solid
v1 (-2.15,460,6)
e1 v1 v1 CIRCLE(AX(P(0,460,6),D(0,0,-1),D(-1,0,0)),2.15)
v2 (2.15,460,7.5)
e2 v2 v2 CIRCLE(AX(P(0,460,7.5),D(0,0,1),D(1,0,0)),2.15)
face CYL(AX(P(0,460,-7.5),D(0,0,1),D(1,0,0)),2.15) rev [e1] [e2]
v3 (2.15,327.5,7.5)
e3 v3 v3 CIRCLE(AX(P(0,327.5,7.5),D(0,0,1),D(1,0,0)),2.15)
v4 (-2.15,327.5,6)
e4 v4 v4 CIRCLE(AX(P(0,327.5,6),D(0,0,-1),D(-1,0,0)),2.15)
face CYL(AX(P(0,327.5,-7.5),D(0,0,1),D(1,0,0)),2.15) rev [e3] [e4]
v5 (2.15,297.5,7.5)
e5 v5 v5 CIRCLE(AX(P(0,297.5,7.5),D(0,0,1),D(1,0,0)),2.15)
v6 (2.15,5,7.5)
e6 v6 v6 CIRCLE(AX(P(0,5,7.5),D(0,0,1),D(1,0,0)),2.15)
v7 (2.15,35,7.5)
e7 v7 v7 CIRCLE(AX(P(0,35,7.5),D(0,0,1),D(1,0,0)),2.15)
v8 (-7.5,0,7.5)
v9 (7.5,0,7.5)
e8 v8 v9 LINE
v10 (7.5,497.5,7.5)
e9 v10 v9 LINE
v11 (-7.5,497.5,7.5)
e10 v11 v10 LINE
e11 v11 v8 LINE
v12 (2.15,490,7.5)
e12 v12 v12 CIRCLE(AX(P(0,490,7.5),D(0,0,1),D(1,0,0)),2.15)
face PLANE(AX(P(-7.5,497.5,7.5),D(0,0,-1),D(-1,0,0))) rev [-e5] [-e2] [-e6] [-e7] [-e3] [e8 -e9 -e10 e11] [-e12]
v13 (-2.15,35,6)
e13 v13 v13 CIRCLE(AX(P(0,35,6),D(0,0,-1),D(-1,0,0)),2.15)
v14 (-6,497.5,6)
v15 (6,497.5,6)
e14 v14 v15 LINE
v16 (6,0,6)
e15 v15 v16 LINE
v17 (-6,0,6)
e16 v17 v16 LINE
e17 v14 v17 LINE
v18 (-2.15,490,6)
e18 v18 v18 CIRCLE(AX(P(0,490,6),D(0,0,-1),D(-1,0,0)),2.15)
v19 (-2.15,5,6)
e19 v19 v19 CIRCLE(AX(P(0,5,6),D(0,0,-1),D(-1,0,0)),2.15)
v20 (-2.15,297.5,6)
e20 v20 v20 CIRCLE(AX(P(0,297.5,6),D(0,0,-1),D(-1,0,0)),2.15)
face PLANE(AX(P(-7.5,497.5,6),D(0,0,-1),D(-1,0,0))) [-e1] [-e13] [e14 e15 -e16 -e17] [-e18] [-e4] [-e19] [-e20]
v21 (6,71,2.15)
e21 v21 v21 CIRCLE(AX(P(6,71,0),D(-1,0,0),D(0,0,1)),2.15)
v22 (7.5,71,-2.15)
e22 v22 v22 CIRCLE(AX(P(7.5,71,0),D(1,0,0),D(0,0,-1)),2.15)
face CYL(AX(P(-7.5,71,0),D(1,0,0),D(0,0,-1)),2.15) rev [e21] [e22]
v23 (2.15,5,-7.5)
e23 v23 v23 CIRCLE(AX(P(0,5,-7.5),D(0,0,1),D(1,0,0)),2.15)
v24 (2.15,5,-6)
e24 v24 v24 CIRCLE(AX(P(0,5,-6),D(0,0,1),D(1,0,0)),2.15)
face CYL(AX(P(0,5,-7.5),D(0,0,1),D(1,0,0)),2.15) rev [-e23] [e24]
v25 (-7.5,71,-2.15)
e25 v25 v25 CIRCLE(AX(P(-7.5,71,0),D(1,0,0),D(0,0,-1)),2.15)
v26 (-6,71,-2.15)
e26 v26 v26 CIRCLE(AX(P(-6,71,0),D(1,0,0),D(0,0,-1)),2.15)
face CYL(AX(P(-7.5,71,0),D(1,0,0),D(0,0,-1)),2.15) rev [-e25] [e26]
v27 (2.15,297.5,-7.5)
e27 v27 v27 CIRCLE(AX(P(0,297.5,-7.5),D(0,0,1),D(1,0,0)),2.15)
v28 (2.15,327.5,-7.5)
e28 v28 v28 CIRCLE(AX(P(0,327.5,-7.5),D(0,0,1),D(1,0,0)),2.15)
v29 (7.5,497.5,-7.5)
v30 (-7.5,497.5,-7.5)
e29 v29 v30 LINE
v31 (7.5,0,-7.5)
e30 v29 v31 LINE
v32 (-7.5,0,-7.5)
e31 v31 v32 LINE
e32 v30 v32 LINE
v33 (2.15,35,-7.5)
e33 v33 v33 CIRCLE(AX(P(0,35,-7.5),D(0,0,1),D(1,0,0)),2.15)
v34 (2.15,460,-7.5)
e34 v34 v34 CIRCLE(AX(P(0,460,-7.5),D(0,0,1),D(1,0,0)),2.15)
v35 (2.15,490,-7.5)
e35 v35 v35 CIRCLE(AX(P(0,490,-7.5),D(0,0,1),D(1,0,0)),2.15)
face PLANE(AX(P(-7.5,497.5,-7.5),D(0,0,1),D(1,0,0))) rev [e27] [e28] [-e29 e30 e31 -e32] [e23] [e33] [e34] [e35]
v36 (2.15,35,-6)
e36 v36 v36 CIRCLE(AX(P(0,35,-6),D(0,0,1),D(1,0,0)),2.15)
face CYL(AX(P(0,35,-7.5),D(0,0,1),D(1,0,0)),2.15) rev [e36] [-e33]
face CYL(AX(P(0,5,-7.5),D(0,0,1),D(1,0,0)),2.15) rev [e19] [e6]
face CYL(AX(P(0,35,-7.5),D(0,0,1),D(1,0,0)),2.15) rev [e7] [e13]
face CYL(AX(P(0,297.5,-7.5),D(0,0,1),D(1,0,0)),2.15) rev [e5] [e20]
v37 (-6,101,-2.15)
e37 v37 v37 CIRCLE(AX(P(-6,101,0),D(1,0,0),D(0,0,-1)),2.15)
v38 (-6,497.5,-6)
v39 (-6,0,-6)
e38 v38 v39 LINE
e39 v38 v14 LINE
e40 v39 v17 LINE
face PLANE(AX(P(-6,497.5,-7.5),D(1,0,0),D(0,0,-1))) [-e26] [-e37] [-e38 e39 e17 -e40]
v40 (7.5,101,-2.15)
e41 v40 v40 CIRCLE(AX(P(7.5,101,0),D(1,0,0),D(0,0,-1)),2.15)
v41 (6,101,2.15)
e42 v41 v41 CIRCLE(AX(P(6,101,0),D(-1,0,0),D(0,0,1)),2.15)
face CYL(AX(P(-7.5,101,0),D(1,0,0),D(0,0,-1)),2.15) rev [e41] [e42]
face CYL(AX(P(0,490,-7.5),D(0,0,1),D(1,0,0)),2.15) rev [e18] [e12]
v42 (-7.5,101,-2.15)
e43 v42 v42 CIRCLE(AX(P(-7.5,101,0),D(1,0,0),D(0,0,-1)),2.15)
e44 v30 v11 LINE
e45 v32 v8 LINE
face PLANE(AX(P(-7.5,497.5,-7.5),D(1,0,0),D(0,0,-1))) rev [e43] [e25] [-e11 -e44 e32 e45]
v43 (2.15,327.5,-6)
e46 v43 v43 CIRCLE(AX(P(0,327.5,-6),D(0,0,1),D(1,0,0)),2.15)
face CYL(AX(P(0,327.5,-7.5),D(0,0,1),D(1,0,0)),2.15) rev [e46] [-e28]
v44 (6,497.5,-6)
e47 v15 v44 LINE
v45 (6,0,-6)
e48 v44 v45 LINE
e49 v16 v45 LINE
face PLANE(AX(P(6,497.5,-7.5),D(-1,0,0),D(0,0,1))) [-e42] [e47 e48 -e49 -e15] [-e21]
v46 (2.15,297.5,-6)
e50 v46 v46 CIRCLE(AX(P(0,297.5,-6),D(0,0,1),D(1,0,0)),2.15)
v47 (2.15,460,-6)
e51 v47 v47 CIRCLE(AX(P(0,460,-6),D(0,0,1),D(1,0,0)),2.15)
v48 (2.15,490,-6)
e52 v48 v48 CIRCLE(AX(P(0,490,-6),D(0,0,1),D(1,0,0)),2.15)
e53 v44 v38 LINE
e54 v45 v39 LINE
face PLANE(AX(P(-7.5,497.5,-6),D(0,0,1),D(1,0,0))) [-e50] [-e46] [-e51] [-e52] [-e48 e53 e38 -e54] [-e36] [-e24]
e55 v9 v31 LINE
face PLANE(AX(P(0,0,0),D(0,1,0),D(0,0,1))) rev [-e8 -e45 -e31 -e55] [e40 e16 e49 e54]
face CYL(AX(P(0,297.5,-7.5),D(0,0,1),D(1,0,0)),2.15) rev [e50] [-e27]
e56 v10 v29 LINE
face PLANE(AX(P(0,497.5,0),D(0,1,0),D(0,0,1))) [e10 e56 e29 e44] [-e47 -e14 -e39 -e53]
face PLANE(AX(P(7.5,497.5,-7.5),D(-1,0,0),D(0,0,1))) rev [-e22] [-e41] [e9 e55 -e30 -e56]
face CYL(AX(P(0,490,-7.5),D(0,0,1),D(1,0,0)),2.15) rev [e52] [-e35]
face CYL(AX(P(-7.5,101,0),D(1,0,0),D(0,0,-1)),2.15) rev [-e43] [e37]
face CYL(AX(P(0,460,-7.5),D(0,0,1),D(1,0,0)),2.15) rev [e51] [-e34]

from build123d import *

# Parameters (mm, degrees)
SKETCH_1_W          = 15
SKETCH_1_H          = 15
SKETCH_1_W_2        = 12
SKETCH_1_H_2        = 12
EXTRUDE_1_DEPTH     = 497.5
SKETCH_2_R          = 2.15
CUT_EXTRUDE_1_DEPTH = 498.782583062
SKETCH_3_R          = 2.15
CUT_EXTRUDE_2_DEPTH = 498.782583062


with BuildPart() as part:
    # ｽｹｯﾁ1 → 押し出し-薄板1 (new body)
    with BuildSketch(Plane(origin=(0, 0, 0), x_dir=(1, 0, 0), z_dir=(0, 1, 0))):
        Rectangle(SKETCH_1_W, SKETCH_1_H)
        Rectangle(SKETCH_1_W_2, SKETCH_1_H_2, mode=Mode.SUBTRACT)
    extrude(amount=EXTRUDE_1_DEPTH)

    # ｽｹｯﾁ2 → ｶｯﾄ - 押し出し1 (cut, through all)
    with BuildSketch(Plane(origin=(7.5, 0, 0), x_dir=(0, 0, -1), z_dir=(1, 0, 0))):
        with Locations((0, 71)):
            Circle(SKETCH_2_R)
        with Locations((0, 101)):
            Circle(SKETCH_2_R)
    extrude(amount=-CUT_EXTRUDE_1_DEPTH, mode=Mode.SUBTRACT)

    # ｽｹｯﾁ3 → ｶｯﾄ - 押し出し2 (cut, through all)
    with BuildSketch(Plane.XY.offset(7.5)):
        with Locations((0, 35)):
            Circle(SKETCH_3_R)
        with Locations((0, 5)):
            Circle(SKETCH_3_R)
        with Locations((0, 297.5)):
            Circle(SKETCH_3_R)
        with Locations((0, 327.5)):
            Circle(SKETCH_3_R)
        with Locations((0, 490)):
            Circle(SKETCH_3_R)
        with Locations((0, 460)):
            Circle(SKETCH_3_R)
    extrude(amount=-CUT_EXTRUDE_2_DEPTH, mode=Mode.SUBTRACT)


solid = part.part
